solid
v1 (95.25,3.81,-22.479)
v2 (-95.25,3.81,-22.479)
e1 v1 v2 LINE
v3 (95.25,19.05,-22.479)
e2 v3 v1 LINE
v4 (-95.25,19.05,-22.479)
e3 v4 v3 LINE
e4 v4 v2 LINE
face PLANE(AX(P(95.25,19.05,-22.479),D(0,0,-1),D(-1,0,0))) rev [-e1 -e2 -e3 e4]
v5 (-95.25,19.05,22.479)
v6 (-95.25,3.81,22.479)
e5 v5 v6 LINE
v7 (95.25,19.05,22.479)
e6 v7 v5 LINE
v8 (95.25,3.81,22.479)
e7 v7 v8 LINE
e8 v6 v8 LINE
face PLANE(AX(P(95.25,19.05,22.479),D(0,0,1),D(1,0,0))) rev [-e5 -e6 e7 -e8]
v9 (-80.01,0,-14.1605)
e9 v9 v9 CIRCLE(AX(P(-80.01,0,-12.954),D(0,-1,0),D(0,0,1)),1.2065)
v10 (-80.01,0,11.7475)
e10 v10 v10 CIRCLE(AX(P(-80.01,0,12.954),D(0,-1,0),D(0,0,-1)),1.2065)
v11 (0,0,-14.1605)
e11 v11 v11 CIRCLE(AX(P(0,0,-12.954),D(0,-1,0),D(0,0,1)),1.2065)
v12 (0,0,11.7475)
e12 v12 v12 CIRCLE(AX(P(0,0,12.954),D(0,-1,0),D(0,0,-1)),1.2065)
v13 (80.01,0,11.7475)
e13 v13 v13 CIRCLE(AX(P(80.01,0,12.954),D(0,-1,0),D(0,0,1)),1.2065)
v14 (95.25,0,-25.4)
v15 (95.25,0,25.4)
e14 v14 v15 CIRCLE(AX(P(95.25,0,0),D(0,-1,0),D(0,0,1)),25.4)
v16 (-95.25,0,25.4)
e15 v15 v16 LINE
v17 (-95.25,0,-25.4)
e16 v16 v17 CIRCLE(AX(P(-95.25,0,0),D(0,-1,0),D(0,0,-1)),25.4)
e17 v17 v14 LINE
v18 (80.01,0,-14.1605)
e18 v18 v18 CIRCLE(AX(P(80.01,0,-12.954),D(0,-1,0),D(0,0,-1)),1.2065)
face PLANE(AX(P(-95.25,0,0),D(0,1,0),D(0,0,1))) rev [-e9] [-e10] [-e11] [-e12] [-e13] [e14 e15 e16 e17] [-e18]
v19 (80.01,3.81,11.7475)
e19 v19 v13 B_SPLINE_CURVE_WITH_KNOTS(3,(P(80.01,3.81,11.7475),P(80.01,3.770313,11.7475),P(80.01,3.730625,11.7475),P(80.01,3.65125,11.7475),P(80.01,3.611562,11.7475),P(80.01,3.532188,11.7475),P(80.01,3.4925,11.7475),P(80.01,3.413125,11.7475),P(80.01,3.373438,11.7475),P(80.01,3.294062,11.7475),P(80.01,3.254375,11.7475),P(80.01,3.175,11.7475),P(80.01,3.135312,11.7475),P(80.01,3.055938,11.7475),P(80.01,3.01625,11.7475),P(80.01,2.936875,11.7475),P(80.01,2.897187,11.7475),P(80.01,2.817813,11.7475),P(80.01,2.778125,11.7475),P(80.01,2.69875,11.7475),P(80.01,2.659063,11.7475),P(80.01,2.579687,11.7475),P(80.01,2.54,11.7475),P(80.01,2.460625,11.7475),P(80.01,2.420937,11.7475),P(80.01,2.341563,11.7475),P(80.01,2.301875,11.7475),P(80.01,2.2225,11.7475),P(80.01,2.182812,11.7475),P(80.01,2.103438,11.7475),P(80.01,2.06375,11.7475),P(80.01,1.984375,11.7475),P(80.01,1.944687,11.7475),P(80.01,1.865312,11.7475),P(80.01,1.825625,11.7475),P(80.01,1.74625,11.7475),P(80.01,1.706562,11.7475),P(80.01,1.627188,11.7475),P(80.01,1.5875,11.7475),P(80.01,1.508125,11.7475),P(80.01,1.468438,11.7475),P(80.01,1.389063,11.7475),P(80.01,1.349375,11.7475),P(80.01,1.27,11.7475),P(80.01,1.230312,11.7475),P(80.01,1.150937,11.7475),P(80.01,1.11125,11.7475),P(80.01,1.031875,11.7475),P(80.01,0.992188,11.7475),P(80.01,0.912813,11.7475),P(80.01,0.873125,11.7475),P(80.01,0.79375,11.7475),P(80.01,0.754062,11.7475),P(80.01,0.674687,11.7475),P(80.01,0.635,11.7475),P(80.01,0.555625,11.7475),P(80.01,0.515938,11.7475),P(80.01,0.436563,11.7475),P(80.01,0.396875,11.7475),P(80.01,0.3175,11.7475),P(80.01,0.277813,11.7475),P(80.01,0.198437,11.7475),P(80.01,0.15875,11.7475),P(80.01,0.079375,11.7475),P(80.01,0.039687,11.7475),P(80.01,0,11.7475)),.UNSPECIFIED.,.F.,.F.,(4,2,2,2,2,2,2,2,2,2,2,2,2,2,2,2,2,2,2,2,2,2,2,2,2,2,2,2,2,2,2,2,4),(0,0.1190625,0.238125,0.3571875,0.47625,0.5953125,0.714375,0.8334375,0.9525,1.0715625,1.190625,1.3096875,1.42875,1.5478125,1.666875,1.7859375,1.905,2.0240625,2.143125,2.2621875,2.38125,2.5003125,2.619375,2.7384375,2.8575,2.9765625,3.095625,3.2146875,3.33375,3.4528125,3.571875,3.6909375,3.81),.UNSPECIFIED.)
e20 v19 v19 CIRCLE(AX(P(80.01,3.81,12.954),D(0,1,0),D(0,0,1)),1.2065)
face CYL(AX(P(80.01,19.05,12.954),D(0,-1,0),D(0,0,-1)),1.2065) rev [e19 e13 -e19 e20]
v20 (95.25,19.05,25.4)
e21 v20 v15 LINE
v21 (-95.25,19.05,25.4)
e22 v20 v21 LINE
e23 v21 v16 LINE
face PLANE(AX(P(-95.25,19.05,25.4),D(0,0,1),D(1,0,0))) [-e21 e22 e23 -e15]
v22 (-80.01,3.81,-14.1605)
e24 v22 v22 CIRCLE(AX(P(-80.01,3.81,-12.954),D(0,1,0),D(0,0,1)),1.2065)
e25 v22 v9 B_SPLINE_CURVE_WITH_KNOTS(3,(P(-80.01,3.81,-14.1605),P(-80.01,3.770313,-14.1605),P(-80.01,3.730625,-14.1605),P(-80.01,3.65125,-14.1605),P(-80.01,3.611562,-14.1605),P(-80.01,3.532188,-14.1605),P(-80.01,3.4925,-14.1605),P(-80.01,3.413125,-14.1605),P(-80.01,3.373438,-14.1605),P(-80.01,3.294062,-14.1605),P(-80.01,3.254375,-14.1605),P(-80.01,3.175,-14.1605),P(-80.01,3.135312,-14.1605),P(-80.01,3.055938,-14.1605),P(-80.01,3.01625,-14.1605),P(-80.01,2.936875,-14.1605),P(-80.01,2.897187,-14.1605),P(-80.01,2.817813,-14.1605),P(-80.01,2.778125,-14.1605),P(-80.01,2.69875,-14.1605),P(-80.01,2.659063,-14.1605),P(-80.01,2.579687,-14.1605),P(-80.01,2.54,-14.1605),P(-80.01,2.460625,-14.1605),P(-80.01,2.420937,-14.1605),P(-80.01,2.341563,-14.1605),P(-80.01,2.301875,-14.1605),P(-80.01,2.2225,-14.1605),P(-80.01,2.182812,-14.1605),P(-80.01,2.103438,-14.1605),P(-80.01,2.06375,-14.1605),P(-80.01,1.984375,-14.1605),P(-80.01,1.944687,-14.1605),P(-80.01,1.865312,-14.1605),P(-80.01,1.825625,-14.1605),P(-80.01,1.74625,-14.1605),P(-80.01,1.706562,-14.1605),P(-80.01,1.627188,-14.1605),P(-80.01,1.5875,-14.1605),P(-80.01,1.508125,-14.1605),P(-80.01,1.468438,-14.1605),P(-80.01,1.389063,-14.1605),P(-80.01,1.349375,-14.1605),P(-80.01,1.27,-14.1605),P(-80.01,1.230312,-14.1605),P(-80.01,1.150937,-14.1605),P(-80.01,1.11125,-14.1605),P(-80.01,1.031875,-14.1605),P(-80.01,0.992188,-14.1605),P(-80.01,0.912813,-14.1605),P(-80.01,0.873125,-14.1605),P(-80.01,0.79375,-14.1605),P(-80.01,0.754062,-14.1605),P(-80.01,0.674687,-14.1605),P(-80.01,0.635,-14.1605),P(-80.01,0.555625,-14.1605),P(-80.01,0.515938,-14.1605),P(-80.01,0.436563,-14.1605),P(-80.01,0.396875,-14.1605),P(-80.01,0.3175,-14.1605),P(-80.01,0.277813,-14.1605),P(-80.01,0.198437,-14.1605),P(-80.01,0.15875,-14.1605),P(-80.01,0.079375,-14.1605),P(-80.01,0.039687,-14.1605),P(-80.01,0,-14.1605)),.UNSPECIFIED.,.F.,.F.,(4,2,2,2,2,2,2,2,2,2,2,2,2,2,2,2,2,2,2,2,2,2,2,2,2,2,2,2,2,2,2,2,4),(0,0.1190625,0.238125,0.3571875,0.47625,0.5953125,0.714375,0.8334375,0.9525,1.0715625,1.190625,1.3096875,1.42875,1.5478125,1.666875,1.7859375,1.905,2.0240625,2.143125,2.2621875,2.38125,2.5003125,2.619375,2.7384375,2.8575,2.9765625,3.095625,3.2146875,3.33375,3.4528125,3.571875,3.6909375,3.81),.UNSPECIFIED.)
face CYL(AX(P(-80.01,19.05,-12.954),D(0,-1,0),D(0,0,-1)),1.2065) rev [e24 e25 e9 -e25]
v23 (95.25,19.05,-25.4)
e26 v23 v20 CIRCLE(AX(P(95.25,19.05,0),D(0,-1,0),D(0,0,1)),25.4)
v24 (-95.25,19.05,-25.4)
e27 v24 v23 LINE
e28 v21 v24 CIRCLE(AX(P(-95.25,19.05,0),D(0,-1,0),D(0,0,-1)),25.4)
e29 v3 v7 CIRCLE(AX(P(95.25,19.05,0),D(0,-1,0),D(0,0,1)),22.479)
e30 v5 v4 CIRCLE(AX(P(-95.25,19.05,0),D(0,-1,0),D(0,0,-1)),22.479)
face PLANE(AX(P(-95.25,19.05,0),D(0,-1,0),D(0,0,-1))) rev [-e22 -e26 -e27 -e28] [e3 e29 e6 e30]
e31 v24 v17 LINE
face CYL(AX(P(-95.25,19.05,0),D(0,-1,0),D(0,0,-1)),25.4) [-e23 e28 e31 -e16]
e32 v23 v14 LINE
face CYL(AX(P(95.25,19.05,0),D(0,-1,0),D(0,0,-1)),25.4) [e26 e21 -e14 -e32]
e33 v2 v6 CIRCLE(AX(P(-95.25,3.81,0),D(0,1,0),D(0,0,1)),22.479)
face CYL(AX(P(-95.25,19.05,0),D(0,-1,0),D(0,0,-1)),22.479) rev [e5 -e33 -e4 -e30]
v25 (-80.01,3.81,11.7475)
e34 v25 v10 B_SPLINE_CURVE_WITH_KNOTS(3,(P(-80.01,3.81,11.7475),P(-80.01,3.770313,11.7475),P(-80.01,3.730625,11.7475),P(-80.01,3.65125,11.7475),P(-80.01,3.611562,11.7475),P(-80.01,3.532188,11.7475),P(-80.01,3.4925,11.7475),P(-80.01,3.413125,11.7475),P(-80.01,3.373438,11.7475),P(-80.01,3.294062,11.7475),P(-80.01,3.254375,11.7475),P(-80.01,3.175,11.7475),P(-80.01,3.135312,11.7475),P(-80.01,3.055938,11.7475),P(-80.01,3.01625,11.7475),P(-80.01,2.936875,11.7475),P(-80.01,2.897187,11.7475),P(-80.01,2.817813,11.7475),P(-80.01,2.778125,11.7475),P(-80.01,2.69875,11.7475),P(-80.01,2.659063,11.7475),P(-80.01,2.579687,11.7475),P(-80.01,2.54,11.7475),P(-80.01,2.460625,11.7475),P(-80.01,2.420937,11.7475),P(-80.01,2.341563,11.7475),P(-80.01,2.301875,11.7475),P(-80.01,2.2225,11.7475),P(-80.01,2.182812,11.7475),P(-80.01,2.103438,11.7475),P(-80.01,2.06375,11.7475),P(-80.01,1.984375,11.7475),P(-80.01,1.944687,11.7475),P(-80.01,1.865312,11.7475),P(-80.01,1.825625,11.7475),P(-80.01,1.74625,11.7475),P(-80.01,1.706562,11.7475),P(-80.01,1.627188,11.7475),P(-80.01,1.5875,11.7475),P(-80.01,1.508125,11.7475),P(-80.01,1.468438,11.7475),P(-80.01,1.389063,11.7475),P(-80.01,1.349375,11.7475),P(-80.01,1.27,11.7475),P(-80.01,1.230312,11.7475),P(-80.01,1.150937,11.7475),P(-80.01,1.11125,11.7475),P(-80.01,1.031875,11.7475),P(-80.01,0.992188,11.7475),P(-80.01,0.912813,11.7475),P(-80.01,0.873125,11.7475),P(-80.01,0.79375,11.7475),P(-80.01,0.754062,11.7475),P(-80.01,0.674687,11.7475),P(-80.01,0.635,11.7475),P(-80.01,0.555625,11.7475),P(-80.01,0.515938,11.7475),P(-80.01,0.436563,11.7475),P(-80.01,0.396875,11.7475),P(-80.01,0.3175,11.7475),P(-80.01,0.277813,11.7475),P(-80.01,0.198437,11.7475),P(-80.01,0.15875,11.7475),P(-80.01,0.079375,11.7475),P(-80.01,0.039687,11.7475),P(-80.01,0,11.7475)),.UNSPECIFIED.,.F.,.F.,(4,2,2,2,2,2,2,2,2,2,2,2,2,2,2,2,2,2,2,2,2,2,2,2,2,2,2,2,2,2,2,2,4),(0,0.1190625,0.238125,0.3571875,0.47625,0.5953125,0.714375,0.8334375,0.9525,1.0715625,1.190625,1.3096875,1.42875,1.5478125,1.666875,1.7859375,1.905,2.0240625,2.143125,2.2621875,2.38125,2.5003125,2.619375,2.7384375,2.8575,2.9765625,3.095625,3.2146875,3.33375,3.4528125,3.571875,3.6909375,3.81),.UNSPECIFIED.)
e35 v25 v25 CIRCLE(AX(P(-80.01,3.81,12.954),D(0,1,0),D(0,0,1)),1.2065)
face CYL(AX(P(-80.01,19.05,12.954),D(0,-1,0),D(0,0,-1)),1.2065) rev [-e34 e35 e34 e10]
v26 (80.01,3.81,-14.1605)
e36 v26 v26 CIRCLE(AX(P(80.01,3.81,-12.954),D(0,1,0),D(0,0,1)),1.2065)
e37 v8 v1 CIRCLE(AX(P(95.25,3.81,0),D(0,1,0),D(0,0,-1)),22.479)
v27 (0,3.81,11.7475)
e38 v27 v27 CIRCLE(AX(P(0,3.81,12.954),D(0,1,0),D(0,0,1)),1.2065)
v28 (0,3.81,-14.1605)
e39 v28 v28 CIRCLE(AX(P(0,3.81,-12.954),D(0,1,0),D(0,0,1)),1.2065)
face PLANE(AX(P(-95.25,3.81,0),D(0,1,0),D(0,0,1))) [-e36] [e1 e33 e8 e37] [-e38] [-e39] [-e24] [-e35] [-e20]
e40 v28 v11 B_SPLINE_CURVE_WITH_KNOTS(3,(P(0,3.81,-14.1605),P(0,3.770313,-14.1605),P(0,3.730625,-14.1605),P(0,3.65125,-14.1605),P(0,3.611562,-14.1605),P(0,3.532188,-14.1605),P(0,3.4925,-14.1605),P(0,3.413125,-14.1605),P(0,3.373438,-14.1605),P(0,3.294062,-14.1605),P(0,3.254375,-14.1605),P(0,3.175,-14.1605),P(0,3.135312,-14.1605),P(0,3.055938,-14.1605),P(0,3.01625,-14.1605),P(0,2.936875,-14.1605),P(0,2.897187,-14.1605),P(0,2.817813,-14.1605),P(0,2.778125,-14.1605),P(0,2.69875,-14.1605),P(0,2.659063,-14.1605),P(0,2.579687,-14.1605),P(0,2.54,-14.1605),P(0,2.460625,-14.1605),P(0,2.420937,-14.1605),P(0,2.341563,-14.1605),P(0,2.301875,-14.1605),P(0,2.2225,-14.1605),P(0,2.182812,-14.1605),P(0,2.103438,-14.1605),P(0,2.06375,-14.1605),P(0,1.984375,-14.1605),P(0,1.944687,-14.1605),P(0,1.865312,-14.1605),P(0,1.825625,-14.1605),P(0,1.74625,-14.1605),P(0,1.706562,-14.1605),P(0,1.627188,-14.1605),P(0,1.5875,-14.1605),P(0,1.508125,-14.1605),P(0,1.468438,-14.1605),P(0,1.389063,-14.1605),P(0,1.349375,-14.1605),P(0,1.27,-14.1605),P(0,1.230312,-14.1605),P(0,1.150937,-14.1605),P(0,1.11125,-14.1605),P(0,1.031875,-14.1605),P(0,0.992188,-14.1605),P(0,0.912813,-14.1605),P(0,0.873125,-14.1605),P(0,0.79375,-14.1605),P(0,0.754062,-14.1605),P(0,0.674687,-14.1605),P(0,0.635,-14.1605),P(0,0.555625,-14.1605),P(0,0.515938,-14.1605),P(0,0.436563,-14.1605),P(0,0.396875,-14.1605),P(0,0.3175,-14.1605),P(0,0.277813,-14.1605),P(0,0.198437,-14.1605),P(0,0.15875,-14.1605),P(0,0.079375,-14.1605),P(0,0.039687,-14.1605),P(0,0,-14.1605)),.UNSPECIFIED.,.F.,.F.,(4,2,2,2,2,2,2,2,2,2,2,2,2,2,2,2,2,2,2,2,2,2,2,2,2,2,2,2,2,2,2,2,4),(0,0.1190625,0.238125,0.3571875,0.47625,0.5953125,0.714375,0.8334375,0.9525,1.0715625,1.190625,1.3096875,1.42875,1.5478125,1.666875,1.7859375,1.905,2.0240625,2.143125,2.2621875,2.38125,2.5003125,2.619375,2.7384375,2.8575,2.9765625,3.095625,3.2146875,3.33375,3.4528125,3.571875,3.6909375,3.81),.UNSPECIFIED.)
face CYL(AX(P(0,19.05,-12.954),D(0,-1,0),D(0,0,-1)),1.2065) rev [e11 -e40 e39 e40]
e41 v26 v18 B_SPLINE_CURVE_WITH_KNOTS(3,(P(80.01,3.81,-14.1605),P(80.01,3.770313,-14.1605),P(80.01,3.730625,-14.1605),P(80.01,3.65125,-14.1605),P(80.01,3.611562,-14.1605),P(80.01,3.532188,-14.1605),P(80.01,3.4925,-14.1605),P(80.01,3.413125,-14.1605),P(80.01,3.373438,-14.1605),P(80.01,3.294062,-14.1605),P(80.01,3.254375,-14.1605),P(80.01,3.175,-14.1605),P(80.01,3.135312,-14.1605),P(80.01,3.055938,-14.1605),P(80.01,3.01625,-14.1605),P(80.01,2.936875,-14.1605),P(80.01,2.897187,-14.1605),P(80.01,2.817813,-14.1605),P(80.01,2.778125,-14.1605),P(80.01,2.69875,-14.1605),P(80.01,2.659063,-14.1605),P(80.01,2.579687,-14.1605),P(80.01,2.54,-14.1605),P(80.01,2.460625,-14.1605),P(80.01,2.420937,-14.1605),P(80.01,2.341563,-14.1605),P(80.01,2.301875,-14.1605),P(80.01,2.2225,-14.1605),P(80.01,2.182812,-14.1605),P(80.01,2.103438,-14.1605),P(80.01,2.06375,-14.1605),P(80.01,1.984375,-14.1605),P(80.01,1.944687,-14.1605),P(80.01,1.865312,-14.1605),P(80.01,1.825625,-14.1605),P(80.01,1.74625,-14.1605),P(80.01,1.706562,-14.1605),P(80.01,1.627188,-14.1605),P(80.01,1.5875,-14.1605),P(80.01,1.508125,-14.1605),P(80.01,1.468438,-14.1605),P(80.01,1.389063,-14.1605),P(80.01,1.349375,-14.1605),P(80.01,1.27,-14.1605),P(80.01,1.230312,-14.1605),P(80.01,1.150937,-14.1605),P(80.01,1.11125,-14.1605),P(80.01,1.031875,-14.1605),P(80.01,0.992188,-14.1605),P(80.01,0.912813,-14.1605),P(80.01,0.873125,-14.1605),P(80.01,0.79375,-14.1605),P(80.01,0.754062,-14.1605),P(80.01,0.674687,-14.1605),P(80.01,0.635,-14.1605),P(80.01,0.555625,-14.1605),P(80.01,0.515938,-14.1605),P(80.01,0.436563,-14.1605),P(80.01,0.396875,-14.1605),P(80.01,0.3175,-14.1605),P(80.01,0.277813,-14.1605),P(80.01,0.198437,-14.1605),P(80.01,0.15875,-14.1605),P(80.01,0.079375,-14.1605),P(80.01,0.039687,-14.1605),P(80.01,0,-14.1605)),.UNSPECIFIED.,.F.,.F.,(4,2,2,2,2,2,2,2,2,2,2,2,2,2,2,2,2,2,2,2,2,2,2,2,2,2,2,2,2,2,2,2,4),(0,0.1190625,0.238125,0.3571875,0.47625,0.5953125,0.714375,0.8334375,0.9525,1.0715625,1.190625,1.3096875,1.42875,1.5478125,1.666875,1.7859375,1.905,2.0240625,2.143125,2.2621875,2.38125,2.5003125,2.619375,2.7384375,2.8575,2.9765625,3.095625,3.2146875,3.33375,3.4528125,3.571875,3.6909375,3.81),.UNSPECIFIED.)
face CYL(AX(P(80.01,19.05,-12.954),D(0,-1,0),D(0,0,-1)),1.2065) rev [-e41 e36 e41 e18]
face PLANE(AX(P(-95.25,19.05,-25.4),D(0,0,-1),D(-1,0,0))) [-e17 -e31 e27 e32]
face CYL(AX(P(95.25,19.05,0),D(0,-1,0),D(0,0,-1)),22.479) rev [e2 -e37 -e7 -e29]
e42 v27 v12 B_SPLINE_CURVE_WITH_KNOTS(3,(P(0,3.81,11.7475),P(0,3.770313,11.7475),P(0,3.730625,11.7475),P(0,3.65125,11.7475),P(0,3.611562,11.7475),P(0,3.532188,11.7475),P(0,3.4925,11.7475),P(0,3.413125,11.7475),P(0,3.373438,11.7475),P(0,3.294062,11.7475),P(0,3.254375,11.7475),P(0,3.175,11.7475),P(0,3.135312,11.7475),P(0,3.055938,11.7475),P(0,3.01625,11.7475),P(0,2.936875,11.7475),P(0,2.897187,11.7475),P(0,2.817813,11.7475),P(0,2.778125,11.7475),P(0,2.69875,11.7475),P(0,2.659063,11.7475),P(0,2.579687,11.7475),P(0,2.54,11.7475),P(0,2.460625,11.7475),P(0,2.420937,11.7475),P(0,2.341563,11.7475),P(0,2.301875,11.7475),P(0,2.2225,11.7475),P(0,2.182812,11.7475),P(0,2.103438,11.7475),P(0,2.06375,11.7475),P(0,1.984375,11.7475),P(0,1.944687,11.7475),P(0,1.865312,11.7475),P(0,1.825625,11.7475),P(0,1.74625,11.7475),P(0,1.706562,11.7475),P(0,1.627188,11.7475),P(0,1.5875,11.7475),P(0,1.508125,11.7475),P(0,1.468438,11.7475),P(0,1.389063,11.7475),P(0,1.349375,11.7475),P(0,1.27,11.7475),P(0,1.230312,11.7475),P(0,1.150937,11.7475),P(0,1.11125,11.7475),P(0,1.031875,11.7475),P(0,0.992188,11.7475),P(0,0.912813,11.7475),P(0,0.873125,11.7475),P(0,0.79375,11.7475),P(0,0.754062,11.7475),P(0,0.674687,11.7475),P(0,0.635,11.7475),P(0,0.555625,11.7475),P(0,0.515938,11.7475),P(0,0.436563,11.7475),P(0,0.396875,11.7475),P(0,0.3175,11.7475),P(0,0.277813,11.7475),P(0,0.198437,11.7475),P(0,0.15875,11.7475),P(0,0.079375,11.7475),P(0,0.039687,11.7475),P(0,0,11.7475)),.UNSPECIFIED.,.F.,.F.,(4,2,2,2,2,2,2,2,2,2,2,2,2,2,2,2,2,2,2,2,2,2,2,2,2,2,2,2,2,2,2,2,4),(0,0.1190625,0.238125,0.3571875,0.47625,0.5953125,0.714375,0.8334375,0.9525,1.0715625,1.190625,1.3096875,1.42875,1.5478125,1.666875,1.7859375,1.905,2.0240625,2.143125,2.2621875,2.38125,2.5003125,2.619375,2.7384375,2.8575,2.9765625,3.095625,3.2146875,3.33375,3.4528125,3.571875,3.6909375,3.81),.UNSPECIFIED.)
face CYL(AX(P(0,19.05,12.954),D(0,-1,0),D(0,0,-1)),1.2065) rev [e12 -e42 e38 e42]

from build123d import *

# Parameters (mm, degrees)
MAINBLOCK_DEPTH     = 3.81
BOSS_EXTRUDE1_DEPTH = 19.05
SKETCH3_R           = 1.2065
CUT_EXTRUDE1_DEPTH  = 125.757705173


with BuildPart() as part:
    # Sketch1 → MainBlock (new body)
    with BuildSketch(Plane(origin=(0, 0, 0), x_dir=(1, 0, 0), z_dir=(0, 1, 0))):
        with BuildLine():
            Line((-95.25, 22.479), (95.25, 22.479))
            ThreePointArc((95.25, 22.479), (117.729, 0), (95.25, -22.479))
            Line((95.25, -22.479), (-95.25, -22.479))
            ThreePointArc((-95.25, -22.479), (-117.729, 0), (-95.25, 22.479))
        make_face()
    extrude(amount=MAINBLOCK_DEPTH)

    # Sketch2 → Boss-Extrude1 (add)
    with BuildSketch(Plane.XZ):
        with BuildLine():
            Line((-95.25, 25.4), (95.25, 25.4))
            ThreePointArc((95.25, 25.4), (120.65, 0), (95.25, -25.4))
            Line((95.25, -25.4), (-95.25, -25.4))
            ThreePointArc((-95.25, -25.4), (-120.65, 0), (-95.25, 25.4))
        make_face()
        with BuildLine():
            Line((95.25, 22.479), (-95.25, 22.479))
            ThreePointArc((-95.25, 22.479), (-117.729, 0), (-95.25, -22.479))
            Line((-95.25, -22.479), (95.25, -22.479))
            ThreePointArc((95.25, -22.479), (117.729, 0), (95.25, 22.479))
        make_face(mode=Mode.SUBTRACT)
    extrude(amount=-BOSS_EXTRUDE1_DEPTH)

    # Sketch3 → Cut-Extrude1 (cut, through all)
    with BuildSketch(Plane.XZ):
        with Locations(Location((0, 12.954, 0), (0, 0, 270))):
            Circle(SKETCH3_R)
        with Locations(Location((-80.01, 12.954, 0), (0, 0, 270))):
            Circle(SKETCH3_R)
        with Locations(Location((80.01, 12.954, 0), (0, 0, 270))):
            Circle(SKETCH3_R)
        with Locations(Location((80.01, -12.954, 0), (0, 0, 270))):
            Circle(SKETCH3_R)
        with Locations(Location((-80.01, -12.954, 0), (0, 0, 270))):
            Circle(SKETCH3_R)
        with Locations(Location((0, -12.954, 0), (0, 0, 270))):
            Circle(SKETCH3_R)
    extrude(amount=-CUT_EXTRUDE1_DEPTH, mode=Mode.SUBTRACT)


solid = part.part
